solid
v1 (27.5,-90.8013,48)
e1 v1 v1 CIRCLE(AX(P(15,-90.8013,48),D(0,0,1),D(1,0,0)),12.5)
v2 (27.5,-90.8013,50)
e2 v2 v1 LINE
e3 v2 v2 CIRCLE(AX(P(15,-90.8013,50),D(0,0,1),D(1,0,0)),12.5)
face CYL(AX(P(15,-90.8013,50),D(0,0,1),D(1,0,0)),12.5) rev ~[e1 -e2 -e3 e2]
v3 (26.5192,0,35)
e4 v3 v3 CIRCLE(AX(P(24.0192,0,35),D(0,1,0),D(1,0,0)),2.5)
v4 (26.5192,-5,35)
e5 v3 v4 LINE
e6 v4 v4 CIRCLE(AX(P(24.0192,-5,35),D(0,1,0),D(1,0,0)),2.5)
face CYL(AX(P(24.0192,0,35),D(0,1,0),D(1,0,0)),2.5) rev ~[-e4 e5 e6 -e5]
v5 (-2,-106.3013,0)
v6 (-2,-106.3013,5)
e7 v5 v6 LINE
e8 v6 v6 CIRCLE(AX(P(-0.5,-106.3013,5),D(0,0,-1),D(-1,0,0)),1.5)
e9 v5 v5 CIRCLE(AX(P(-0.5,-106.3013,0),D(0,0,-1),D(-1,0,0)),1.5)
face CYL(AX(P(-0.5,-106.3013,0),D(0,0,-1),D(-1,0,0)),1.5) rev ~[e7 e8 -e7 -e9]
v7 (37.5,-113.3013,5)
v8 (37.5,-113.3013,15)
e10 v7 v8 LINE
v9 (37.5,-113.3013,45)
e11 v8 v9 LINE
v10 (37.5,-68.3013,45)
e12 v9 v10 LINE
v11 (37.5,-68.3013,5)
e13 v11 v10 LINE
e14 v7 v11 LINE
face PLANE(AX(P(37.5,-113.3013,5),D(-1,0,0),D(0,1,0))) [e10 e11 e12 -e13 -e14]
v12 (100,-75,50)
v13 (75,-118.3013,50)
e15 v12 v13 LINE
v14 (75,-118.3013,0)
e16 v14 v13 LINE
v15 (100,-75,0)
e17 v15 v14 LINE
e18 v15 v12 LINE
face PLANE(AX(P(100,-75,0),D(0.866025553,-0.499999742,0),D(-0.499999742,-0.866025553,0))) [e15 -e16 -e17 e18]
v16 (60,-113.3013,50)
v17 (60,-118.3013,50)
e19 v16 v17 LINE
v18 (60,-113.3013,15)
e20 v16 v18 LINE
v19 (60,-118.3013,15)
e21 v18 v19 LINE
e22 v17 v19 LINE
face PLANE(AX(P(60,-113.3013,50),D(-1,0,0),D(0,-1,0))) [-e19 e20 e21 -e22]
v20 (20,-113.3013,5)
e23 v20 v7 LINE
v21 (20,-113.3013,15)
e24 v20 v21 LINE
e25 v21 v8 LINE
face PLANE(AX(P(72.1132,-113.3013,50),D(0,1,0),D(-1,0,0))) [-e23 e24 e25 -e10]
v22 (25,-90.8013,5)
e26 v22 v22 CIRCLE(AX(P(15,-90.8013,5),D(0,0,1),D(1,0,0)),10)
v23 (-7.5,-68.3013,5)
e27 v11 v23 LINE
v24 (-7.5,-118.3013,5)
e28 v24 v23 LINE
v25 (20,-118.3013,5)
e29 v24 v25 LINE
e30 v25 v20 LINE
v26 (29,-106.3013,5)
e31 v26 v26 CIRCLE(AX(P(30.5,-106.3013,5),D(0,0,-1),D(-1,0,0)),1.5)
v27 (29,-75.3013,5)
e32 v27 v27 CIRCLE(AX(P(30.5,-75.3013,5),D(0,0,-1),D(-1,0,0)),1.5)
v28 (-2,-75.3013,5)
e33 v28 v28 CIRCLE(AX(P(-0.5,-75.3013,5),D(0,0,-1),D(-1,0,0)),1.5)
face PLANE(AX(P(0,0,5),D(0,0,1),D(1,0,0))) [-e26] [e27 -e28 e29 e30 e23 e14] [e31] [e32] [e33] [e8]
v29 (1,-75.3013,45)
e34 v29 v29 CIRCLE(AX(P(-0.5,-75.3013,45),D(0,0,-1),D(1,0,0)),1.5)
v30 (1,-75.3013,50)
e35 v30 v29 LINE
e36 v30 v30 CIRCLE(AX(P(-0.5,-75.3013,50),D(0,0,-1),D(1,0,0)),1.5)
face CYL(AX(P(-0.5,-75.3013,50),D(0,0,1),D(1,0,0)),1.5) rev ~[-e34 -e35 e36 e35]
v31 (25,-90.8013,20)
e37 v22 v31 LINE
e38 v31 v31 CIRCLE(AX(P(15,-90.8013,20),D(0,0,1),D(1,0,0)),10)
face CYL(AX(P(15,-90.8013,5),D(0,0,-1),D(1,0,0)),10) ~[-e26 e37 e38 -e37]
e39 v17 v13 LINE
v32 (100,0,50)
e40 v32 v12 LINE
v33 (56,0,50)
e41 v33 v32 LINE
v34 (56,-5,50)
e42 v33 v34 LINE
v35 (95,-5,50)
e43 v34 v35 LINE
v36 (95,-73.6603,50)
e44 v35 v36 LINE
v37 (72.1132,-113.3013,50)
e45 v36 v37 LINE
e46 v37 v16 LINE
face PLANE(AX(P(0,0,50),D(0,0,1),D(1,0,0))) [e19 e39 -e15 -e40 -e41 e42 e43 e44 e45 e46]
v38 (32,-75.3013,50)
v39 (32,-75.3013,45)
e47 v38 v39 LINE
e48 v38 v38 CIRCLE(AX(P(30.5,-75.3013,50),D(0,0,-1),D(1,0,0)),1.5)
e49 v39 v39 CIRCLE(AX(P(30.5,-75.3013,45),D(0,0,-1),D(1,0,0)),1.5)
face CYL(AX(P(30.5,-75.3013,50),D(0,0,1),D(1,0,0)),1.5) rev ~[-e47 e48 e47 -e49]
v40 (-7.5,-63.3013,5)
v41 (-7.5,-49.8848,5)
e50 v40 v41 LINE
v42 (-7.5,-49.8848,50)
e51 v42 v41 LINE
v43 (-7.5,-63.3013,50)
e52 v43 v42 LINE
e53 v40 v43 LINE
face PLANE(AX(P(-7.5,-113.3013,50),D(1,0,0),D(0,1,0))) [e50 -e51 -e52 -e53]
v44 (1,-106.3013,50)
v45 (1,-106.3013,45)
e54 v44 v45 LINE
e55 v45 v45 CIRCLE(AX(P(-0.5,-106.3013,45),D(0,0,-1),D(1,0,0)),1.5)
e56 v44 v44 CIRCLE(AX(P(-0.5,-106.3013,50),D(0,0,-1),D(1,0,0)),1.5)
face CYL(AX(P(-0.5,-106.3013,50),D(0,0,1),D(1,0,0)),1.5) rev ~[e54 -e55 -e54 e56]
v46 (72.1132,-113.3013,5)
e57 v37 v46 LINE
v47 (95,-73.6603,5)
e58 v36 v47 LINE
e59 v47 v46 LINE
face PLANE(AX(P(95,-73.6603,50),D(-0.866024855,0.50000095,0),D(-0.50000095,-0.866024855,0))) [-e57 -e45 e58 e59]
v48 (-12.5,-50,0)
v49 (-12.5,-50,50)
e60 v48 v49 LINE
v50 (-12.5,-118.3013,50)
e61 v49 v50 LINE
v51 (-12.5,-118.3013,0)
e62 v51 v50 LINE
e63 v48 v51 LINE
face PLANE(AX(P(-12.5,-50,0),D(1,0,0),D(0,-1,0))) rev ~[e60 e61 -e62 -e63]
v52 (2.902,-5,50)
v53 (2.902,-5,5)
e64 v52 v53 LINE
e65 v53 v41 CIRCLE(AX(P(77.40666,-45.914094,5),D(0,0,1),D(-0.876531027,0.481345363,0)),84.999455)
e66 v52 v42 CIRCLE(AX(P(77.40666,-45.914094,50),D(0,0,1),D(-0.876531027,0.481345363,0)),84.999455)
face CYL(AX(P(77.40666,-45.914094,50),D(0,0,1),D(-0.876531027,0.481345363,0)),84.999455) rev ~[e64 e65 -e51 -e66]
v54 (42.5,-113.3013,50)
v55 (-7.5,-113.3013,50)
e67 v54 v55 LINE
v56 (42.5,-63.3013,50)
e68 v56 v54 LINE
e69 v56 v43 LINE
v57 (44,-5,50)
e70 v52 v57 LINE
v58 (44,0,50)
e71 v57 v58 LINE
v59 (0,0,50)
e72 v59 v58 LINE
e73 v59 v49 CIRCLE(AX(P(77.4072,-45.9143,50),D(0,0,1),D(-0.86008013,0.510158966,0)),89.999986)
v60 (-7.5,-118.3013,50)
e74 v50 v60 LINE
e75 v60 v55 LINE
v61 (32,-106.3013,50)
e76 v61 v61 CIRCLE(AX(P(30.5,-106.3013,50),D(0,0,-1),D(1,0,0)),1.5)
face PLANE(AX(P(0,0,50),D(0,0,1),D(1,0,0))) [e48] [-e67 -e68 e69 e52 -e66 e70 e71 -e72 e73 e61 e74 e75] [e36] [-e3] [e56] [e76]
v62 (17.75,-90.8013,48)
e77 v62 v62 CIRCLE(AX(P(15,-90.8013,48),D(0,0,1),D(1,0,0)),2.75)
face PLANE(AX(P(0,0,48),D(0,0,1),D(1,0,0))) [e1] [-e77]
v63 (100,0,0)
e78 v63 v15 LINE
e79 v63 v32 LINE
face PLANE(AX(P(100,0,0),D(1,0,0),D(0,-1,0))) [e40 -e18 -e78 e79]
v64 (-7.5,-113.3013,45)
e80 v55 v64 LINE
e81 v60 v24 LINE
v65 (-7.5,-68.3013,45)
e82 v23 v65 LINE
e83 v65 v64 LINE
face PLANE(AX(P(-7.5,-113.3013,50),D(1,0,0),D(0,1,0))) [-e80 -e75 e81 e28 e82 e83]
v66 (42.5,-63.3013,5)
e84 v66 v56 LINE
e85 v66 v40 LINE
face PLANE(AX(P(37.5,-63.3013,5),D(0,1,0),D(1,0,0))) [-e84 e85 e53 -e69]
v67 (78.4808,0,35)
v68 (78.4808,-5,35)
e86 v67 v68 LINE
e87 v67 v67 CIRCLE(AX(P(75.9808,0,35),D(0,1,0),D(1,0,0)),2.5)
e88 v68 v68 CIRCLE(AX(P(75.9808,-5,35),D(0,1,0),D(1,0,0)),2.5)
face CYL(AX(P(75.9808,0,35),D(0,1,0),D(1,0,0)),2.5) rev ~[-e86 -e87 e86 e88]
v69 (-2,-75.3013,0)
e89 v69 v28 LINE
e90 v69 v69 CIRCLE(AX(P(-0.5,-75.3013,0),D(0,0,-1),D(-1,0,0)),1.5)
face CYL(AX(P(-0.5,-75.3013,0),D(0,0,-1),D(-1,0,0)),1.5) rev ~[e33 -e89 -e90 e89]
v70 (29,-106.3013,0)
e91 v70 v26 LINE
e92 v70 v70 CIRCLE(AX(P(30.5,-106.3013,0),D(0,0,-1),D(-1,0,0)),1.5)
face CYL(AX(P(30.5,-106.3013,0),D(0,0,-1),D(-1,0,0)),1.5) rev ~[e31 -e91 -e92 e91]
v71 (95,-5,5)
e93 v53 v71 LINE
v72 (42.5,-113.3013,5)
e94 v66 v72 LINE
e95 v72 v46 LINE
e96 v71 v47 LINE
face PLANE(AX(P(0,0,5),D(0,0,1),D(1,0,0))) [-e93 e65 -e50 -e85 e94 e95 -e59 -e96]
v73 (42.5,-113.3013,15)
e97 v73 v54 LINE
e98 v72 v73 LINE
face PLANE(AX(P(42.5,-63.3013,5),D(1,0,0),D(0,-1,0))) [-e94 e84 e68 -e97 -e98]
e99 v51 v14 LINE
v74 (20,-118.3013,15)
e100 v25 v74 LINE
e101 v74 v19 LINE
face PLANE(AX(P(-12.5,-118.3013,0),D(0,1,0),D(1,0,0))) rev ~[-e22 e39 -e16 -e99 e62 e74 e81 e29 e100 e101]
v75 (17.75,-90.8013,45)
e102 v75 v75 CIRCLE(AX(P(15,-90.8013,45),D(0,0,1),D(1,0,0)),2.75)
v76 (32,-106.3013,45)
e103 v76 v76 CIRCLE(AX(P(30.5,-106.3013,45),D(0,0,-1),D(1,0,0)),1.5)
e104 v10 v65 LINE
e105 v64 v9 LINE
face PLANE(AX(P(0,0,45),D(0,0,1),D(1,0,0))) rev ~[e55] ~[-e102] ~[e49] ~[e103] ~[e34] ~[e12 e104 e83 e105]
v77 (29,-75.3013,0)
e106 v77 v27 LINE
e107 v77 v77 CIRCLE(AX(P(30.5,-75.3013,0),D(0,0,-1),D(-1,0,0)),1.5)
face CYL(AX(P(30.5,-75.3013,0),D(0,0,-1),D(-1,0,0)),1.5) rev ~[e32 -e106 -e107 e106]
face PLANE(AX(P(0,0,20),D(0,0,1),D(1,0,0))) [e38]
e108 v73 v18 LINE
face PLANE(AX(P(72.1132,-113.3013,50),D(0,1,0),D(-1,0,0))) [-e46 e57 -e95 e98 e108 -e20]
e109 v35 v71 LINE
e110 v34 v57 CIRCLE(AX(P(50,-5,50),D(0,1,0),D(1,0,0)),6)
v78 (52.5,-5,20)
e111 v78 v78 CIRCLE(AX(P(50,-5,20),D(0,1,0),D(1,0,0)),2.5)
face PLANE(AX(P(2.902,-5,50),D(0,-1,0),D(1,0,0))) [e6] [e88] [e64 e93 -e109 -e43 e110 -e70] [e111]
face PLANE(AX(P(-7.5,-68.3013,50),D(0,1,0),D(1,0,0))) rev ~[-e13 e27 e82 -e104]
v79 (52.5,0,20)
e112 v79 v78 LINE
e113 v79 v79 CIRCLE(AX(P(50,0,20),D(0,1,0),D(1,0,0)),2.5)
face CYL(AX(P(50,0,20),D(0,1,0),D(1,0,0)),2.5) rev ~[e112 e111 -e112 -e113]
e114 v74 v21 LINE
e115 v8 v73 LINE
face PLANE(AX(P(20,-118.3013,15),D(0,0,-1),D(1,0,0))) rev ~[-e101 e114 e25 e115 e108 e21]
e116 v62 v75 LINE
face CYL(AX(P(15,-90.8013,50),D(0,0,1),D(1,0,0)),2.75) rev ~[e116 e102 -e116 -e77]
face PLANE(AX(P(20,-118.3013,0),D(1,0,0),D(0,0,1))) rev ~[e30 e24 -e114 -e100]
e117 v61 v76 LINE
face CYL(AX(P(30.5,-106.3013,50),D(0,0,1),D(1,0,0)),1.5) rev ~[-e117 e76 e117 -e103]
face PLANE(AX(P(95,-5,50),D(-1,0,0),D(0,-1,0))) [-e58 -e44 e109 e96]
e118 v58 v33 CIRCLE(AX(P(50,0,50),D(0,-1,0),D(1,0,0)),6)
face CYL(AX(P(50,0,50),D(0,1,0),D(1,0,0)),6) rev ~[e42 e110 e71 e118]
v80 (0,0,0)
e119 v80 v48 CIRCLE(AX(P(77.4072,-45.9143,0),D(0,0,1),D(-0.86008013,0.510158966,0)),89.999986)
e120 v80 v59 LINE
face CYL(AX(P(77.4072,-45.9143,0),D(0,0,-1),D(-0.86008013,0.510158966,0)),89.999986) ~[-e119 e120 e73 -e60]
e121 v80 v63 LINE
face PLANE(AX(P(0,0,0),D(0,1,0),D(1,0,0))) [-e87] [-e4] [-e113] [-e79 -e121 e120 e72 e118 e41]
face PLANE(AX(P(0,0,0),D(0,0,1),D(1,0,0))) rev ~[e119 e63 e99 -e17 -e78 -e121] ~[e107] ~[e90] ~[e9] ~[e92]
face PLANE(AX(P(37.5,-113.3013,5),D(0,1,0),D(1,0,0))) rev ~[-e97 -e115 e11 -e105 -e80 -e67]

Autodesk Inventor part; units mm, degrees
ref_plane "YZ Plane" through (0, 0, 0) normal (1, 0, 0) x (0, 1, 0)
ref_plane "XZ Plane" through (0, 0, 0) normal (0, 1, 0) x (-1, 0, 0)
ref_plane "XY Plane" through (0, 0, 0) normal (0, 0, 1) x (1, 0, 0)
sketch "Sketch1" plane through (0, 0, 0) normal (0, 0, 1) x (1, 0, 0)
  line L0 (0, 0) -> (100, 0)
  line L1 (100, 0) -> (100, -75)
  line L2 (100, -75) -> (75, -118.3013)
  line L3 (-12.5, -50) -> (-12.5, -118.3013)
  arc A0 (0, 0) -> (-12.5, -50) centre (77.4072, -45.9143) ccw
  line L4 (-12.5, -118.3013) -> (75, -118.3013)
  dimension "d0" = 100
  dimension "d1" = 75
  dimension "d2" = 50
  dimension "d3" = 150
  dimension "d4" = 12.5
  dimension "d5" = 50
  dimension "d6" = 90
extrude "Extrusion1" add sketch "Sketch1" along normal blind 50
sketch "Sketch2" plane through (0, 0, 50) normal (0, 0, 1) x (1, 0, 0)
  line L0 (100, 0) -> (0, 0) projected
  arc A0 (0, 0) -> (-12.5, -50) centre (77.4072, -45.9143) ccw projected
  line L1 (-12.5, -50) -> (-12.5, -118.3013) projected
  line L2 (-12.5, -118.3013) -> (75, -118.3013) projected
  line L3 (75, -118.3013) -> (100, -75) projected
  line L4 (100, -75) -> (100, 0) projected
  arc A1 (2.902, -5) -> (-7.5, -49.8848) centre (77.4072, -45.9143) ccw
  line L5 (2.902, -5) -> (95, -5)
  line L6 (95, -5) -> (95, -73.6603)
  line L7 (95, -73.6603) -> (72.1132, -113.3013)
  line L8 (72.1132, -113.3013) -> (-7.5, -113.3013)
  line L9 (-7.5, -113.3013) -> (-7.5, -49.8848)
  dimension "d9" = 5
extrude "Extrusion2" cut sketch "Sketch2" against normal blind 45 contours L5 L6 L7 L8 L9 A1
sketch "Sketch3" plane through (0, 0, 50) normal (0, 0, 1) x (1, 0, 0)
  line L0 (72.1132, -113.3013) -> (-7.5, -113.3013) projected
  line L1 (-12.5, -118.3013) -> (75, -118.3013) projected
  line L2 (-7.5, -113.3013) -> (60, -113.3013)
  line L3 (60, -113.3013) -> (60, -118.3013)
  line L4 (60, -118.3013) -> (-7.5, -118.3013)
  line L5 (-7.5, -118.3013) -> (-7.5, -113.3013)
  point P0 (0, 0)
  dimension "d13" = 15
extrude "Extrusion3" cut sketch "Sketch3" against normal blind 45
sketch "Sketch4" plane through (0, 0, 0) normal (0, 1, 0) x (1, 0, 0)
  circle A0 centre (50, -50) radius 6
  line L0 (100, -50) -> (0, -50) projected
  point P0 (0, 0)
  dimension "d16" = 12
extrude "Extrusion4" cut sketch "Sketch4" against normal through all
sketch "Sketch5" plane through (0, 0, 0) normal (0, 1, 0) x (1, 0, 0)
  arc A0 (56, -50) -> (44, -50) centre (50, -50) ccw projected
  circle A1 centre (50, -50) radius 30 construction
  circle A2 centre (50, -20) radius 2.5
  circle A3 centre (24.0192, -35) radius 2.5
  circle A4 centre (24.0192, -65) radius 2.5
  circle A5 centre (50, -80) radius 2.5
  circle A6 centre (75.9808, -65) radius 2.5
  circle A7 centre (75.9808, -35) radius 2.5
  point P0 (0, 0)
  dimension "d20" = 60
  dimension "d21" = 5
  dimension "d24" = 360
extrude "Extrusion5" cut sketch "Sketch5" against normal blind 5 contours A2 | A3 | A7
sketch "Sketch6" plane through (0, 0, 50) normal (0, 0, 1) x (1, 0, 0)
  line L0 (-7.5, -113.3013) -> (37.5, -113.3013)
  line L1 (37.5, -113.3013) -> (37.5, -68.3013)
  line L2 (37.5, -68.3013) -> (-7.5, -68.3013)
  line L3 (-7.5, -68.3013) -> (-7.5, -113.3013)
  circle A0 centre (15, -90.8013) radius 2.75
  line L4 (-0.5, -106.3013) -> (30.5, -106.3013) construction
  line L5 (30.5, -106.3013) -> (30.5, -75.3013) construction
  line L6 (30.5, -75.3013) -> (-0.5, -75.3013) construction
  line L7 (-0.5, -75.3013) -> (-0.5, -106.3013) construction
  line L8 (-0.5, -106.3013) -> (30.5, -75.3013) construction
  line L9 (30.5, -106.3013) -> (-0.5, -75.3013) construction
  circle A1 centre (30.5, -75.3013) radius 1.5
  circle A2 centre (-0.5, -75.3013) radius 1.5
  circle A3 centre (-0.5, -106.3013) radius 1.5
  circle A4 centre (30.5, -106.3013) radius 1.5
  point P0 (0, 0)
  point P1 (15, -90.8013)
  point P2 (15, -68.3013)
  point P3 (15, -90.8013)
  point P4 (37.5, -90.8013)
  point P5 (-7.5, -118.3013)
  dimension "d29" = 45
  dimension "d30" = 45
  dimension "d31" = 5.5
  dimension "d32" = 31
  dimension "d33" = 31
  dimension "d34" = 3
  dimension "d35" = 3
  dimension "d36" = 3
  dimension "d37" = 3
  dimension "d61" = 5
extrude "Extrusion6" add sketch "Sketch6" against normal blind 5
sketch "Sketch7" plane through (0, 0, 50) normal (0, 0, 1) x (1, 0, 0)
  circle A0 centre (15, -90.8013) radius 2.75 projected
  circle A1 centre (15, -90.8013) radius 12.5
  point P0 (0, 0)
  dimension "d40" = 25
extrude "Extrusion7" cut sketch "Sketch7" against normal blind 2
sketch "Sketch8" plane through (-7.5, -68.3013, 50) normal (0, 1, 0) x (1, 0, 0)
  line L0 (45, 0) -> (45, 5) projected
  line L1 (82.5, 50) -> (-5, 50) projected
  line L2 (45, 0) -> (-5, 0)
  line L3 (-5, 0) -> (-5, 50)
  line L4 (-5, 50) -> (45, 50)
  line L5 (45, 50) -> (45, 0)
  point P0 (7.5, 50)
extrude "Extrusion8" add sketch "Sketch8" along normal blind 5
sketch "Sketch10" plane through (-12.5, -118.3013, 0) normal (0, -1, 0) x (1, 0, 0)
  line L0 (87.5, 0) -> (87.5, 50) projected
  line L1 (87.5, 0) -> (0, 0) projected
  line L2 (87.5, 0) -> (32.5, 0)
  line L3 (32.5, 0) -> (32.5, 15)
  line L4 (32.5, 15) -> (87.5, 15)
  line L5 (87.5, 15) -> (87.5, 0)
  line L6 (0, 0) -> (0, 50) projected
  point P0 (12.5, 0)
  dimension "d49" = 15
  dimension "d50" = 32.5
extrude "Extrusion10" add sketch "Sketch10" against normal blind 5
sketch "Sketch14" plane through (0, 0, 0) normal (0, 0, -1) x (-1, 0, 0)
  circle A0 centre (-15, -90.8013) radius 2.75 projected
  circle A1 centre (0.5, -75.3013) radius 1.5 projected
  circle A2 centre (0.5, -106.3013) radius 1.5 projected
  circle A3 centre (-30.5, -106.3013) radius 1.5 projected
  circle A4 centre (-30.5, -75.3013) radius 1.5 projected
  point P0 (0, 0)
extrude "Extrusion13" cut sketch "Sketch14" against normal through all contours A1 | A2 | A3 | A4
sketch "Sketch15" plane through (0, 0, 5) normal (0, 0, 1) x (1, 0, 0)
  line L0 (20, -113.3013) -> (60, -113.3013) projected
  line L1 (37.5, -63.3013) -> (42.5, -63.3013)
  line L2 (42.5, -63.3013) -> (42.5, -113.3013)
  line L3 (42.5, -113.3013) -> (37.5, -113.3013)
  line L4 (37.5, -113.3013) -> (37.5, -63.3013)
  point P0 (0, 0)
  dimension "d62" = 5
extrude "Extrusion14" add sketch "Sketch15" along normal blind 45
sketch "Sketch16" plane through (0, 0, 5) normal (0, 0, 1) x (1, 0, 0)
  circle A0 centre (15, -90.8013) radius 10
  point P0 (0, 0)
  dimension "d65" = 20
extrude "Extrusion15" add sketch "Sketch16" along normal blind 15
properties part number "FA001" material "ABS Plastic"
